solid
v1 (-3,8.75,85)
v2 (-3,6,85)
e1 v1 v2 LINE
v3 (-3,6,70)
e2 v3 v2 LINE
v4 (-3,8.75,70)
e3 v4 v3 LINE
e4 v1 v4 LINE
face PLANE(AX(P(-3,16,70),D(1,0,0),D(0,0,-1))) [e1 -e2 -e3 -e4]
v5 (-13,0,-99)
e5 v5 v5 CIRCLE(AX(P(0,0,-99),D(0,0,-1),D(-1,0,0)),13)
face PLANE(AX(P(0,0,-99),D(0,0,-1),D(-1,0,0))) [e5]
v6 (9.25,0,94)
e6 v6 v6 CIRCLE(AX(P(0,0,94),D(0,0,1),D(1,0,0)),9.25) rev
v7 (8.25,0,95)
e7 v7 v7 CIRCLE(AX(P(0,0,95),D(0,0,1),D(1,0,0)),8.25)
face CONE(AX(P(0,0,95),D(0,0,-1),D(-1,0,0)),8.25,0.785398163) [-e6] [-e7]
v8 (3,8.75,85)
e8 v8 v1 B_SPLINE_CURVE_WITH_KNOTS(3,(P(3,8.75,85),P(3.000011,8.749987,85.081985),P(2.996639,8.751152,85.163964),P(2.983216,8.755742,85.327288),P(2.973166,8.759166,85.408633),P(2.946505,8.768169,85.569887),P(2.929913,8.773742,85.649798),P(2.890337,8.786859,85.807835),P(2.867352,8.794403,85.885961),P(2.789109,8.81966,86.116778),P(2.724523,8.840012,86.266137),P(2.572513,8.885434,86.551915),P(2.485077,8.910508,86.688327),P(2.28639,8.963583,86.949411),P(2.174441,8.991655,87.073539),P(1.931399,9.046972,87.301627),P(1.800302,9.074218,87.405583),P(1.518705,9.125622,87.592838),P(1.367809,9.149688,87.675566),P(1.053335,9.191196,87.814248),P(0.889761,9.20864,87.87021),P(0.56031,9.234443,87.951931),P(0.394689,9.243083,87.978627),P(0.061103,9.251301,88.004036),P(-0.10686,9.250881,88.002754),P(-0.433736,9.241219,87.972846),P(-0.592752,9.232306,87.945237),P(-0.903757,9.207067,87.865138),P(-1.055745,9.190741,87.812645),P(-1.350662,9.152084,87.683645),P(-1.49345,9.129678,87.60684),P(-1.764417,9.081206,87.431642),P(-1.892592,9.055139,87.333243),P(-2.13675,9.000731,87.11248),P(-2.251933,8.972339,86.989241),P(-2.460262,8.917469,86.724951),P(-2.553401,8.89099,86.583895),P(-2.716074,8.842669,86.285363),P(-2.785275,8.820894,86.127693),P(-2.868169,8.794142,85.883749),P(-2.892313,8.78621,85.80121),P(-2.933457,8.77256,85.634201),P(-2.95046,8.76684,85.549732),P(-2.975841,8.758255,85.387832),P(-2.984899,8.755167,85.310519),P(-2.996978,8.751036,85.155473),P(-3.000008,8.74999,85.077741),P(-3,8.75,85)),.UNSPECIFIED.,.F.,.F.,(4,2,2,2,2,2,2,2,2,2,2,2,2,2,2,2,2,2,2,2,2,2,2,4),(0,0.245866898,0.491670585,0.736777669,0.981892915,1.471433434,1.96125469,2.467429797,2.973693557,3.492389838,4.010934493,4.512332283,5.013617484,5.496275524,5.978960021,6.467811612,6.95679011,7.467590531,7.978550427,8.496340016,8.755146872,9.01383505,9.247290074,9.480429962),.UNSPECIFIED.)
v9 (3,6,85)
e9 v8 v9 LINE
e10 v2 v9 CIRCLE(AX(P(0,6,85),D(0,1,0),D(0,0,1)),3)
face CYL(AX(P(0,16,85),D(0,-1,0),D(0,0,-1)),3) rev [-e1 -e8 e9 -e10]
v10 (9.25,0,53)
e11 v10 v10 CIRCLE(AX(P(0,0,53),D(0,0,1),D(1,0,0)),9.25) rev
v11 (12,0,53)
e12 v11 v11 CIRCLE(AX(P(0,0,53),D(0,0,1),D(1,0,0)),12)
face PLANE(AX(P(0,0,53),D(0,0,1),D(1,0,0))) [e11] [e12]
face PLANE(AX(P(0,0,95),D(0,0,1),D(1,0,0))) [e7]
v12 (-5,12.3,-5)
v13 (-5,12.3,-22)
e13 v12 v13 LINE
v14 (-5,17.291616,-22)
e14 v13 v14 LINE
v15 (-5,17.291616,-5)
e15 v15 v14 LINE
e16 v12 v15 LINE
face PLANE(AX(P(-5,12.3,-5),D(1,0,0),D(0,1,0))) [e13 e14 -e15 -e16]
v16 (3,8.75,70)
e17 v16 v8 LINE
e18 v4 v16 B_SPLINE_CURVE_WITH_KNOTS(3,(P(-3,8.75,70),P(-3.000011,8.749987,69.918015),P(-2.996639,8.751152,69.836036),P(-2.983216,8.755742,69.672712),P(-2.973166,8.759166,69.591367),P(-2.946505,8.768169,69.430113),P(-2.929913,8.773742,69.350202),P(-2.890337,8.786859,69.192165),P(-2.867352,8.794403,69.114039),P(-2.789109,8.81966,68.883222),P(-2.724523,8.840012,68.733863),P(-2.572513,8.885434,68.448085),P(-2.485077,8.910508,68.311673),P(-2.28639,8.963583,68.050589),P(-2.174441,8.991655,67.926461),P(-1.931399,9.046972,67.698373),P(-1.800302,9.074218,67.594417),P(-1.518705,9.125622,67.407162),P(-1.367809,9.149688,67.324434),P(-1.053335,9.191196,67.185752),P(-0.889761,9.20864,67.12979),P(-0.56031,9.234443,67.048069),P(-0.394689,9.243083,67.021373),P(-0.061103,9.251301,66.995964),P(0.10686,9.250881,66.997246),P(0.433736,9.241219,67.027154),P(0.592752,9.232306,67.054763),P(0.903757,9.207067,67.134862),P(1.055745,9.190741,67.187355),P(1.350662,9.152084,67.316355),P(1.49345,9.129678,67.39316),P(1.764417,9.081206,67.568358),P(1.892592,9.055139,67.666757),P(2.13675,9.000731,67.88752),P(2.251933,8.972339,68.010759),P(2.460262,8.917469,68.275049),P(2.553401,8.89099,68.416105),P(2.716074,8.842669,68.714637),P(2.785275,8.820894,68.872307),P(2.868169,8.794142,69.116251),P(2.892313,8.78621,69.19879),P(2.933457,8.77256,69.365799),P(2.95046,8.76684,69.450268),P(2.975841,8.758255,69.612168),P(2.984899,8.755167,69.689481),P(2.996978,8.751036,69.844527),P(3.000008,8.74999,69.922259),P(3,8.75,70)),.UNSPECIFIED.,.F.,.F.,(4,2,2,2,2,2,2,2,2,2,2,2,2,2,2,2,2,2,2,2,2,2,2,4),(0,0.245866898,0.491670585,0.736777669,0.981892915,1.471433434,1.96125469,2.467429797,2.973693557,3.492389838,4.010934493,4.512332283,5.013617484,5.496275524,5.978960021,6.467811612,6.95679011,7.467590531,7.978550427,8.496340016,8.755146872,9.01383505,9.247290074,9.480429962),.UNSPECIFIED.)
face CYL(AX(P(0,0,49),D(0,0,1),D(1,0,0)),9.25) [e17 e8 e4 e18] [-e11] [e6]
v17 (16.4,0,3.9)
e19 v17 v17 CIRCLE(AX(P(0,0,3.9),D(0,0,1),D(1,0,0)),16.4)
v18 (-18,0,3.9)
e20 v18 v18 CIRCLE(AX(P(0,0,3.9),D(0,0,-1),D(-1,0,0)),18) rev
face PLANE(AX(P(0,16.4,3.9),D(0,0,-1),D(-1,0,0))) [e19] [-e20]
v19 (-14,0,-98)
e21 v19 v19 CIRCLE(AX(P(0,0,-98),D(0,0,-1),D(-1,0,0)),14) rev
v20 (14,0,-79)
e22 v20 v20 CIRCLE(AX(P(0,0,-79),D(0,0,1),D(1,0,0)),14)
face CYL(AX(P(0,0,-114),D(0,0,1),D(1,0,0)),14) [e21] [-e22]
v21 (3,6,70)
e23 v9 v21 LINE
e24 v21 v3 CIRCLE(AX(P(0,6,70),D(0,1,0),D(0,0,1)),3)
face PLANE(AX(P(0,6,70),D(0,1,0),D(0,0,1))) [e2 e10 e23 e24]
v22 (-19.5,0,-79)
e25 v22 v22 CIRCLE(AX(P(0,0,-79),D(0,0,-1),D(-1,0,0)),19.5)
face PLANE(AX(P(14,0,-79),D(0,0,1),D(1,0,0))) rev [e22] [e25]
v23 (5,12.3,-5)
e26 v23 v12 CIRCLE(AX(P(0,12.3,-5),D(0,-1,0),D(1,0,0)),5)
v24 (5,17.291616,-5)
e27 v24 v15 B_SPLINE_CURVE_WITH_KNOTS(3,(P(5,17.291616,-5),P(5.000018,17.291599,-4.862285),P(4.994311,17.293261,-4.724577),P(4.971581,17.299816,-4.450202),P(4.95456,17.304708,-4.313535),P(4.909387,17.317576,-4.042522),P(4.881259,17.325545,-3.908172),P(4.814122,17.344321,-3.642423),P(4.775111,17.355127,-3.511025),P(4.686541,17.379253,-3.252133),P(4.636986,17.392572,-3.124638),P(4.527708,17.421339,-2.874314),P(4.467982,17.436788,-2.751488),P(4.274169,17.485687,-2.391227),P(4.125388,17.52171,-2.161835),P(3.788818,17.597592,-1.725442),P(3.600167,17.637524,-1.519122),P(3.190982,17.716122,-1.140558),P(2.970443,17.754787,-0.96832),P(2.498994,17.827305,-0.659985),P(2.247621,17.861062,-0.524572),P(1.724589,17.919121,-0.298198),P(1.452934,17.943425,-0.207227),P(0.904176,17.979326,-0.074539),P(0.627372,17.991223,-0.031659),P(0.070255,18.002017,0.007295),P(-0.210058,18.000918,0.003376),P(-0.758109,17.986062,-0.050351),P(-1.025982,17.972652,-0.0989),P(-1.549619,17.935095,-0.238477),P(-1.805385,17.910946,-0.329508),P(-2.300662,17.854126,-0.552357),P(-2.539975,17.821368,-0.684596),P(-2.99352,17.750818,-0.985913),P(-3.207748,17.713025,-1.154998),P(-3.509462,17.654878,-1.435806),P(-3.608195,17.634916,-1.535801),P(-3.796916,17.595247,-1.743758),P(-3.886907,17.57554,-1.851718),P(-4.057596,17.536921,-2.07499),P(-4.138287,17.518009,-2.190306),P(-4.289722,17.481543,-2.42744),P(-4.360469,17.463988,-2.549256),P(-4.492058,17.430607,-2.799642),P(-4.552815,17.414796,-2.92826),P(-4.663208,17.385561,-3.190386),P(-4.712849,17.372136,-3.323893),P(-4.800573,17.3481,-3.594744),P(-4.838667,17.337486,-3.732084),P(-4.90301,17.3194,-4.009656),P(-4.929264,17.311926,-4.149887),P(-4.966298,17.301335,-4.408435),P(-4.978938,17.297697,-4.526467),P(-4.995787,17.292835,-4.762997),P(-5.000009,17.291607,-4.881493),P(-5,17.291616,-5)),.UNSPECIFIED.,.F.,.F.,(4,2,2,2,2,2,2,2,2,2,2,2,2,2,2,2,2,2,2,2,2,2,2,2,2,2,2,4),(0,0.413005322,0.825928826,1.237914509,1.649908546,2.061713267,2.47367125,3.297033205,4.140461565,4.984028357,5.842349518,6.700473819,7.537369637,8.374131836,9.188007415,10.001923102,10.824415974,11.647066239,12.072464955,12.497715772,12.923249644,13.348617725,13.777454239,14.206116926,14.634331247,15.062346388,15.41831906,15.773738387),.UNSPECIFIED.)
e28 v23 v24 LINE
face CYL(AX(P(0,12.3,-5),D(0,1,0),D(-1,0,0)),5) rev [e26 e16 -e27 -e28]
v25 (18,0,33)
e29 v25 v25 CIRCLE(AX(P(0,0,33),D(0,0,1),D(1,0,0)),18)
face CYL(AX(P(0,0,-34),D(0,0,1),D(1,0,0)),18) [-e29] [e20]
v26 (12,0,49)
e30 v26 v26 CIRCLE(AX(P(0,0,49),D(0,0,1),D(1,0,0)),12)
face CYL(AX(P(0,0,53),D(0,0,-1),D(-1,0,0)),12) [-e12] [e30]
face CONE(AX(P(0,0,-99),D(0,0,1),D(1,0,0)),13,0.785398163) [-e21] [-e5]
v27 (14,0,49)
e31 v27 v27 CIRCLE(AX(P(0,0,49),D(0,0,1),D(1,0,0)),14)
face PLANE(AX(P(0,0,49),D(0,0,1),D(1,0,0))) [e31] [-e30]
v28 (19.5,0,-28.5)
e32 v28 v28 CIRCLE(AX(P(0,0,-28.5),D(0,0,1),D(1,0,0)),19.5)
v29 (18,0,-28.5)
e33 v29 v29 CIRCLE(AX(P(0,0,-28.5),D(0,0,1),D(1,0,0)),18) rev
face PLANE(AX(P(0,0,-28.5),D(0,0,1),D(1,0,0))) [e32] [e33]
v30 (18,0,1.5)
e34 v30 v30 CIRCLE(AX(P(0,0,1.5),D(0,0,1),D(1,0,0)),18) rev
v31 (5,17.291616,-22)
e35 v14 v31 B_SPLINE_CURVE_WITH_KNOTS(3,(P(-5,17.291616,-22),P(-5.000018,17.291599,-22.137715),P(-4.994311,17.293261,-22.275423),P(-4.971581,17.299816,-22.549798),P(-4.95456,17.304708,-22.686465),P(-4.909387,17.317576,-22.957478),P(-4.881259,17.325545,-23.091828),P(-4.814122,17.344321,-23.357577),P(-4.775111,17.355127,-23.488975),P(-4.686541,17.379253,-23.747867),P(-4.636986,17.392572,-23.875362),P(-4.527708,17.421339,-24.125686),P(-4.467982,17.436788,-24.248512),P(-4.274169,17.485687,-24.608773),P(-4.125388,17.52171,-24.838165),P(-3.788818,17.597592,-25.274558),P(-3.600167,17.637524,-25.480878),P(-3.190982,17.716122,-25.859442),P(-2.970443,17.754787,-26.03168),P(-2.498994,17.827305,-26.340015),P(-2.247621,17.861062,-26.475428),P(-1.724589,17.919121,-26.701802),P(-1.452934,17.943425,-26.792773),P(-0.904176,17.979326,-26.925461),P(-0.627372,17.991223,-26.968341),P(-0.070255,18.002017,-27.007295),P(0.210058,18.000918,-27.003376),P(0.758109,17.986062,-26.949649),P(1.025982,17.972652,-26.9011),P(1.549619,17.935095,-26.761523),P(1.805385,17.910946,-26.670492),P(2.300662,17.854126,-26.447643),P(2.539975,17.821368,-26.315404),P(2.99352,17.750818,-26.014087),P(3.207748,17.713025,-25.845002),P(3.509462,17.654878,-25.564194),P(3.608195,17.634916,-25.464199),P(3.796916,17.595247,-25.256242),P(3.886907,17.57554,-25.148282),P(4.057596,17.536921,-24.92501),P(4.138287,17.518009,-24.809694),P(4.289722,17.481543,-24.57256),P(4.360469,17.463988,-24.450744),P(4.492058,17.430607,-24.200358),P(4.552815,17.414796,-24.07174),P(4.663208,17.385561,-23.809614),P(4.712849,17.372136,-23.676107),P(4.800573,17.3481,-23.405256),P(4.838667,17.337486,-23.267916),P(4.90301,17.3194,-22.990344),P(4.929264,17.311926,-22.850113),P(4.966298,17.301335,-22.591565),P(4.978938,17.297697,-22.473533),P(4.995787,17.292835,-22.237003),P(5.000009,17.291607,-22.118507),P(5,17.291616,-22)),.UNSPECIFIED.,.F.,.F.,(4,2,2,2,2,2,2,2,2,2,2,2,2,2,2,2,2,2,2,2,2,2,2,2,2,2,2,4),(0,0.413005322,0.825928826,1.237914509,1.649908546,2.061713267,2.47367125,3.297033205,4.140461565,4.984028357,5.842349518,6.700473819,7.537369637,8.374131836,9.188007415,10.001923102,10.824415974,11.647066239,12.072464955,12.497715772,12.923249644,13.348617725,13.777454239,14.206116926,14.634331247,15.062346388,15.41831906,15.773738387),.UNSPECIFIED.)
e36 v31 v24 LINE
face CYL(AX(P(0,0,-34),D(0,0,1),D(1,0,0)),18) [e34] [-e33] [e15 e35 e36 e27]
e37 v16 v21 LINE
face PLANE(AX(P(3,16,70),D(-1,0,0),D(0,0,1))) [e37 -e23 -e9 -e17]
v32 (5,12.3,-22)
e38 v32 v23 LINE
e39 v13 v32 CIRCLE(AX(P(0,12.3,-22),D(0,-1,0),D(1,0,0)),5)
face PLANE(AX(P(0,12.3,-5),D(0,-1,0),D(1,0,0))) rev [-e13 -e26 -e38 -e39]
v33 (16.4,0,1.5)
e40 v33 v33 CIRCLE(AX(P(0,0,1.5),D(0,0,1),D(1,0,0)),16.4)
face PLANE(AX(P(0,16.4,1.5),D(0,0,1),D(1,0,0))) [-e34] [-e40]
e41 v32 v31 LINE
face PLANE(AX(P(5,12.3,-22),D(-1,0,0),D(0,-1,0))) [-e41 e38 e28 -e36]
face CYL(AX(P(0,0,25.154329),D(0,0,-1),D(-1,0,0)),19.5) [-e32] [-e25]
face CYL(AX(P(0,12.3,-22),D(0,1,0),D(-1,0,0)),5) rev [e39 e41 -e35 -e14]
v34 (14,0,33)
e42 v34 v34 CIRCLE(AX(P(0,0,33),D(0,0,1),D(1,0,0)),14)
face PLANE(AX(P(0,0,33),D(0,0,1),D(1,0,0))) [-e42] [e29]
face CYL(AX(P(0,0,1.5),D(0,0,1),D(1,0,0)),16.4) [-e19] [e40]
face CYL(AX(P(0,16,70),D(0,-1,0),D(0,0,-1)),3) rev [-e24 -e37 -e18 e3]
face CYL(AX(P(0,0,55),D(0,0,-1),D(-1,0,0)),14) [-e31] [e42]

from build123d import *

# Parameters (mm, degrees)
BOSS_EXTRUDE1_DEPTH      = 5
BOSS_EXTRUDE1_DEPTH_BACK = 34
SKETCH1_R                = 18
SKETCH2_R                = 14
BOSS_EXTRUDE2_DEPTH      = 50
BOSS_EXTRUDE3_START      = 80
SKETCH3_R                = 14
BOSS_EXTRUDE3_DEPTH      = 80
CUT_EXTRUDE2_DEPTH       = 9
SKETCH6_R                = 19.5
SKETCH6_R_2              = 18
BOSS_EXTRUDE4_DEPTH      = 4
SKETCH10_R               = 19.5
SKETCH10_R_2             = 18
BOSS_EXTRUDE6_DEPTH      = 1.5
SKETCH12_W               = 2.4
SKETCH12_H               = 5.371583629
SKETCH13_R               = 18
BOSS_EXTRUDE7_DEPTH      = 2
SKETCH14_W               = 5.5
SKETCH14_H               = 45
SKETCH17_R               = 14.891727411
CUT_EXTRUDE4_DEPTH       = 18
BOSS_EXTRUDE8_START      = 3
SKETCH18_R               = 14
BOSS_EXTRUDE8_DEPTH      = 3
SKETCH19_R               = 18
BOSS_EXTRUDE9_DEPTH      = 26
SKETCH20_R               = 17.17468577
SKETCH20_R_2             = 9.25
CUT_EXTRUDE5_DEPTH       = 6
BOSS_EXTRUDE10_START     = 40
SKETCH21_R               = 9.25
BOSS_EXTRUDE10_DEPTH     = 40
SKETCH22_R               = 12
BOSS_EXTRUDE11_DEPTH     = 4
CHAMFER1_SIZE            = 1
CUT_EXTRUDE6_DEPTH       = 10


with BuildPart() as part:
    # Sketch1 → Boss-Extrude1 (new, two sides: drawn at the far end of the back side and taken through both)
    with BuildSketch(Plane.XY.offset(-BOSS_EXTRUDE1_DEPTH_BACK)):
        Circle(SKETCH1_R)
    extrude(amount=BOSS_EXTRUDE1_DEPTH + BOSS_EXTRUDE1_DEPTH_BACK)

    # Sketch2 → Boss-Extrude2 (add)
    with BuildSketch(Plane.XY.offset(5)):
        Circle(SKETCH2_R)
    extrude(amount=BOSS_EXTRUDE2_DEPTH)

    # Sketch3 → Boss-Extrude3 (add)
    with BuildSketch(Plane(origin=(0, 0, -34), x_dir=(-1, 0, 0), z_dir=(0, 0, -1)).offset(BOSS_EXTRUDE3_START)):
        with Locations(Location((0, 0, 0), (0, 0, 180))):
            Circle(SKETCH3_R)
    extrude(amount=-BOSS_EXTRUDE3_DEPTH)

    # Sketch5 → Cut-Extrude2 (cut)
    with BuildSketch(Plane.XZ.offset(-21.3)):
        with BuildLine():
            Line((-5, -5), (-5, -22))
            ThreePointArc((-5, -22), (0, -27), (5, -22))
            Line((5, -22), (5, -5))
            ThreePointArc((5, -5), (0, 0), (-5, -5))
        make_face()
    extrude(amount=CUT_EXTRUDE2_DEPTH, mode=Mode.SUBTRACT)

    # Sketch6 → Boss-Extrude4 (add)
    with BuildSketch(Plane(origin=(0, 0, -34), x_dir=(-1, 0, 0), z_dir=(0, 0, -1))):
        Circle(SKETCH6_R)
        with Locations(Location((0, 0, 0), (0, 0, 270))):
            Circle(SKETCH6_R_2, mode=Mode.SUBTRACT)
    extrude(amount=-BOSS_EXTRUDE4_DEPTH)

    # Sketch10 → Boss-Extrude6 (add)
    with BuildSketch(Plane.XY.offset(-30)):
        with Locations(Location((0, 0, 0), (0, 0, 180))):
            Circle(SKETCH10_R)
        Circle(SKETCH10_R_2, mode=Mode.SUBTRACT)
    extrude(amount=BOSS_EXTRUDE6_DEPTH)

    # Sketch12 → Cut-Revolve1 (revolve, cut)
    with BuildSketch(Plane(origin=(0, 0, 0), x_dir=(0, 0, -1), z_dir=(1, 0, 0)), mode=Mode.PRIVATE) as cut_revolve1_sk:
        with Locations((-2.7, 19.085791815)):
            Rectangle(SKETCH12_W, SKETCH12_H)
    revolve(cut_revolve1_sk.sketch.rotate(Axis((0, 0, 1.5), (0, 0, -1)), 90), axis=Axis((0, 0, 1.5), (0, 0, -1)), mode=Mode.SUBTRACT)

    # Sketch13 → Boss-Extrude7 (add)
    with BuildSketch(Plane.XY.offset(5)):
        Circle(SKETCH13_R)
    extrude(amount=BOSS_EXTRUDE7_DEPTH)

    # Sketch14 → Revolve1 (revolve)
    with BuildSketch(Plane(origin=(0, 0, 0), x_dir=(1, 0, 0), z_dir=(0, 1, 0)), mode=Mode.PRIVATE) as revolve1_sk:
        with Locations((16.75, 56.5)):
            Rectangle(SKETCH14_W, SKETCH14_H)
    revolve(revolve1_sk.sketch.rotate(Axis((0, 0, -114), (0, 0, 1)), 180), axis=Axis((0, 0, -114), (0, 0, 1)))

    # Sketch17 → Cut-Extrude4 (cut)
    with BuildSketch(Plane(origin=(0, 0, -114), x_dir=(-1, 0, 0), z_dir=(0, 0, -1))):
        Circle(SKETCH17_R)
    extrude(amount=-CUT_EXTRUDE4_DEPTH, mode=Mode.SUBTRACT)

    # Sketch18 → Boss-Extrude8 (add)
    with BuildSketch(Plane(origin=(0, 0, -96), x_dir=(-1, 0, 0), z_dir=(0, 0, -1)).offset(BOSS_EXTRUDE8_START)):
        with Locations(Location((0, 0, 0), (0, 0, 180))):
            Circle(SKETCH18_R)
    extrude(amount=-BOSS_EXTRUDE8_DEPTH)

    # Sketch19 → Boss-Extrude9 (add)
    with BuildSketch(Plane.XY.offset(7)):
        Circle(SKETCH19_R)
    extrude(amount=BOSS_EXTRUDE9_DEPTH)

    # Sketch20 → Cut-Extrude5 (cut)
    with BuildSketch(Plane.XY.offset(55)):
        Circle(SKETCH20_R)
        Circle(SKETCH20_R_2, mode=Mode.SUBTRACT)
    extrude(amount=-CUT_EXTRUDE5_DEPTH, mode=Mode.SUBTRACT)

    # Sketch21 → Boss-Extrude10 (add)
    with BuildSketch(Plane.XY.offset(55).offset(BOSS_EXTRUDE10_START)):
        Circle(SKETCH21_R)
    extrude(amount=-BOSS_EXTRUDE10_DEPTH)

    # Sketch22 → Boss-Extrude11 (add)
    with BuildSketch(Plane.XY.offset(49)):
        Circle(SKETCH22_R)
    extrude(amount=BOSS_EXTRUDE11_DEPTH)

    # Chamfer1
    chamfer1_edges = [part.edges().sort_by_distance(p)[0] for p in [
        (-14, 0, -99),
        (-9.25, 0, 95),
    ]]
    chamfer(chamfer1_edges, length=CHAMFER1_SIZE)

    # Sketch24 → Cut-Extrude6 (cut)
    with BuildSketch(Plane(origin=(0, 6, 0), x_dir=(1, 0, 0), z_dir=(0, 1, 0))):
        with BuildLine():
            Line((3, -70), (3, -85))
            ThreePointArc((3, -85), (0, -88), (-3, -85))
            Line((-3, -85), (-3, -70))
            ThreePointArc((-3, -70), (0, -67), (3, -70))
        make_face()
    extrude(amount=CUT_EXTRUDE6_DEPTH, mode=Mode.SUBTRACT)


solid = part.part
